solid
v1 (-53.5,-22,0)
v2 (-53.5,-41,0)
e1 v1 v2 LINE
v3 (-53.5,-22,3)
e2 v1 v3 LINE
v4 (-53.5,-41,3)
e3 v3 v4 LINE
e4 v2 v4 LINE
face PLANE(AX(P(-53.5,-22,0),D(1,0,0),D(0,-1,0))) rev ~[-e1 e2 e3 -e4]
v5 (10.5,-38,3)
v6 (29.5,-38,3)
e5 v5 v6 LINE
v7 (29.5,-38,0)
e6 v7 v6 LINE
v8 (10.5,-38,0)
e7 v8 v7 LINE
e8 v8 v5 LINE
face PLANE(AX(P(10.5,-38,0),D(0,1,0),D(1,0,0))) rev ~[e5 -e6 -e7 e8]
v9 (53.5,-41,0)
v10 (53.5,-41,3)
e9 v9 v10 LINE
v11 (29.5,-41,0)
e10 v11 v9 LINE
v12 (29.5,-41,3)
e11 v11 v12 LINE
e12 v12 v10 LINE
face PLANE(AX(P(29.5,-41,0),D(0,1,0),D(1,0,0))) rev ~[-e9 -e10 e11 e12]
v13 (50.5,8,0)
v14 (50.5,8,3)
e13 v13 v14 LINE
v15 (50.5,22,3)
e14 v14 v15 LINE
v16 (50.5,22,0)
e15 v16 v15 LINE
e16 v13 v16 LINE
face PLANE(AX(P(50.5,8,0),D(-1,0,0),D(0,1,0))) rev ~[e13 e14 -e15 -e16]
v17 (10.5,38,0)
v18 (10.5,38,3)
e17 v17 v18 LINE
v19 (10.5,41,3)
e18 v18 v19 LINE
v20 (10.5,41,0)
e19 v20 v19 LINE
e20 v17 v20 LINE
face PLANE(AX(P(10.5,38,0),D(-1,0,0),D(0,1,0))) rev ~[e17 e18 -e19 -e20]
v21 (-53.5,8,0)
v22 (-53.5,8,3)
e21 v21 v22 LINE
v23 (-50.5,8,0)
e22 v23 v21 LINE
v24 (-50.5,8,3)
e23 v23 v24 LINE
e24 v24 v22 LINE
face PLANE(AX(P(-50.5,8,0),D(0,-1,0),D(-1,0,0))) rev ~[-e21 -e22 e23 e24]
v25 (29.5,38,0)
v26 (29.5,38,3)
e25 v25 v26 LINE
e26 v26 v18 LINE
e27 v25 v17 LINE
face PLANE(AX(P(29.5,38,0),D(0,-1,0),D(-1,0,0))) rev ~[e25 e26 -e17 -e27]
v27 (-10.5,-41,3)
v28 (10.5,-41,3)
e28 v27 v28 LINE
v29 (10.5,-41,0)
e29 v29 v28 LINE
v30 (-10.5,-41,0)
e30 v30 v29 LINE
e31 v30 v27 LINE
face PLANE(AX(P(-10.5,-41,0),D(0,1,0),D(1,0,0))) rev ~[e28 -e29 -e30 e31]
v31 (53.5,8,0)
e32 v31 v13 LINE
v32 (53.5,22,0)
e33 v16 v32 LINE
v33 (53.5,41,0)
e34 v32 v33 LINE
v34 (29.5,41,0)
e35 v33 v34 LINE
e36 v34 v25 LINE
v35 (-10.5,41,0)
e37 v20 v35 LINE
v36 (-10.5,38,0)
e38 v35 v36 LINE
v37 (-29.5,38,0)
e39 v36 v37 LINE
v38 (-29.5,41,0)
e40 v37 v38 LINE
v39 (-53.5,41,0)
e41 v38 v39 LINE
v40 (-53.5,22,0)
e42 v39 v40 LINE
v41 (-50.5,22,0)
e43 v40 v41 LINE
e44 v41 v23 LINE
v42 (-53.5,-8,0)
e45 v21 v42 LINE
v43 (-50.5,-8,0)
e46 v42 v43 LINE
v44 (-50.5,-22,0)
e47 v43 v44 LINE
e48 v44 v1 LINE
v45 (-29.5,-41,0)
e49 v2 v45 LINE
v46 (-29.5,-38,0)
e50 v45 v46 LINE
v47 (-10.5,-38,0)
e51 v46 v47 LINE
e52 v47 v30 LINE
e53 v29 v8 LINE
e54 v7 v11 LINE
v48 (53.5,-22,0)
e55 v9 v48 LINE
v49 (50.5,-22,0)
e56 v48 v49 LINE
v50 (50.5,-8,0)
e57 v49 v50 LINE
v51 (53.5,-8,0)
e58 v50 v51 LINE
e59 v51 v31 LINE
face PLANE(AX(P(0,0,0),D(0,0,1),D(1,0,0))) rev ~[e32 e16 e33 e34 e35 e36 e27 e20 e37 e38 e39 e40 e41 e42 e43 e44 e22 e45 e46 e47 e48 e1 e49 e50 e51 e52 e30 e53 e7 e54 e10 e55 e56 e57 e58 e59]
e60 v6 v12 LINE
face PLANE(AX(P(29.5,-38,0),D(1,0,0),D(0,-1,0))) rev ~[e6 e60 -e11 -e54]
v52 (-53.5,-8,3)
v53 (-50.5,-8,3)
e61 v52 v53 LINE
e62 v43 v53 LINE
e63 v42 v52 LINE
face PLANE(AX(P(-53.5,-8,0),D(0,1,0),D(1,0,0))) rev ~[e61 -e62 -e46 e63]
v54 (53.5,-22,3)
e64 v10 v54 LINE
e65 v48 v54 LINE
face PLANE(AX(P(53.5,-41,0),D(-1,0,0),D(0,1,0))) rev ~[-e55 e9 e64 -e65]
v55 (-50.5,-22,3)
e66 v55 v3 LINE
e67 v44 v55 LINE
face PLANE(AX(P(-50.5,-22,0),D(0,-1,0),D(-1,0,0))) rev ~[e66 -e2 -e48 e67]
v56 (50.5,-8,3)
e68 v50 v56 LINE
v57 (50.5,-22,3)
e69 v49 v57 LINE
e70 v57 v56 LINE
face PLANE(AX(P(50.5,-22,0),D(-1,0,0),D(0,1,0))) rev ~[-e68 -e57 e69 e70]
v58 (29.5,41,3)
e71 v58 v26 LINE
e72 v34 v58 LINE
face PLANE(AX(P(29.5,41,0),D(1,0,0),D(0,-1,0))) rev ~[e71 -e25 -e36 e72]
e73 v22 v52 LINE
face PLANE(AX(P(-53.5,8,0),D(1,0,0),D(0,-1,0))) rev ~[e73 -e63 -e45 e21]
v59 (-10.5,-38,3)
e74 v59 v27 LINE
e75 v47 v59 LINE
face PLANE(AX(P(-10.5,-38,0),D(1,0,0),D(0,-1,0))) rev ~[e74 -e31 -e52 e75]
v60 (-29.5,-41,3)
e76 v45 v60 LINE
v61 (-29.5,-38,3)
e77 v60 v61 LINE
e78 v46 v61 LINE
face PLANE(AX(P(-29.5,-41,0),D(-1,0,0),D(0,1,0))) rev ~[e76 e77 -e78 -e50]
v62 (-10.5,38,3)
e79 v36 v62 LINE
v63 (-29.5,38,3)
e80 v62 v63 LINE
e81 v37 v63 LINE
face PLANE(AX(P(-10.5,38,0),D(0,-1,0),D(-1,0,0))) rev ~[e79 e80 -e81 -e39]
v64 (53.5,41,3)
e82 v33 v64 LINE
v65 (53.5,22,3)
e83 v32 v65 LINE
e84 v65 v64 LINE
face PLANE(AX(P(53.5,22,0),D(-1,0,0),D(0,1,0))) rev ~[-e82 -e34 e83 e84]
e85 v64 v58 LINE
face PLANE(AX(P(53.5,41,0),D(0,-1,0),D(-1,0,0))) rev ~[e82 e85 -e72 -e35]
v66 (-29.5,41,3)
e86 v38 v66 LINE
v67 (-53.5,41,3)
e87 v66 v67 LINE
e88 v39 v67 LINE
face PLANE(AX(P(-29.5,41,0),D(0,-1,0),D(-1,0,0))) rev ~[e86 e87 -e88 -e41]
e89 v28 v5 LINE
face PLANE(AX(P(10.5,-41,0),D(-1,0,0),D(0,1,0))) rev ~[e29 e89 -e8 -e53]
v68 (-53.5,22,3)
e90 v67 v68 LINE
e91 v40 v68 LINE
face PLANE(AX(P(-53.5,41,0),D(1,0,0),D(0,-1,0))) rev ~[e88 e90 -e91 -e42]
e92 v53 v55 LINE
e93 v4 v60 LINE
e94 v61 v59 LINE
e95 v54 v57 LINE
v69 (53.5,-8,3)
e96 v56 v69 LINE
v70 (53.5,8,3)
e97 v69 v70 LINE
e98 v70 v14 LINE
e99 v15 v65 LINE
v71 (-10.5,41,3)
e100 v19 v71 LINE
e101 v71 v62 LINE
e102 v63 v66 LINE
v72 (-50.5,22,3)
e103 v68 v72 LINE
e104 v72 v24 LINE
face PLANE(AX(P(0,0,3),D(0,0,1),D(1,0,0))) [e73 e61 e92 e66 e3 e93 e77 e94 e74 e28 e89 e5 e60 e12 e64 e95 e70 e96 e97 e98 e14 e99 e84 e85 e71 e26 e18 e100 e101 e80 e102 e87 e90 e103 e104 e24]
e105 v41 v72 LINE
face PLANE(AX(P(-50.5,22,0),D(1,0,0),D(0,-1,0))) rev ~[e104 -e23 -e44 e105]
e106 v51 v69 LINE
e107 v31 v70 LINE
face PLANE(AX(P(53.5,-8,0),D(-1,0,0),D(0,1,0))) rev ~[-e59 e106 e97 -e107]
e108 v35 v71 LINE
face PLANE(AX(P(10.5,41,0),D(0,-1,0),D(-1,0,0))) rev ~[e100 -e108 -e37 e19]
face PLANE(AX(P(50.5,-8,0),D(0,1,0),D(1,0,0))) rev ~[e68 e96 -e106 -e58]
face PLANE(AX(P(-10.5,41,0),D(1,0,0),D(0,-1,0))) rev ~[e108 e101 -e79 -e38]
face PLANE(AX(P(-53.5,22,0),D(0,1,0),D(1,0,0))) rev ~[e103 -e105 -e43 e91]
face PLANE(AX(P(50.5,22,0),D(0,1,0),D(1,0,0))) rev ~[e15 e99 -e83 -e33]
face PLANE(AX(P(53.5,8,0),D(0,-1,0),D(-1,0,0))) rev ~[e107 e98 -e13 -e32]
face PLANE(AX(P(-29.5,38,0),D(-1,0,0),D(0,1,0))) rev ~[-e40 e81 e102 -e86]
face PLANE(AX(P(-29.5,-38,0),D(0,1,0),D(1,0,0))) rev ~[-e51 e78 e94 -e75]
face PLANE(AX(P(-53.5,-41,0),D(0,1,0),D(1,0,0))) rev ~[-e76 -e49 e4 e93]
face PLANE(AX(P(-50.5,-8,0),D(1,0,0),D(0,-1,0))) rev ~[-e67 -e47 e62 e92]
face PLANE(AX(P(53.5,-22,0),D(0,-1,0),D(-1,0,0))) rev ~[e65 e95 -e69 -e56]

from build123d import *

# Parameters (mm, degrees)
F2_DEPTH = 3


with BuildPart() as f2:
    # F1 (on Top) → F2 (new body)
    with BuildSketch(Plane.XY):
        Polygon((10.5, -41), (10.5, -38), (29.5, -38), (29.5, -41), (53.5, -41), (53.5, -22), (50.5, -22), (50.5, -8), (53.5, -8), (53.5, 0), (53.5, 8), (50.5, 8), (50.5, 22), (53.5, 22), (53.5, 41), (29.5, 41), (29.5, 38), (10.5, 38), (10.5, 41), (0, 41), (-10.5, 41), (-10.5, 38), (-29.5, 38), (-29.5, 41), (-53.5, 41), (-53.5, 22), (-50.5, 22), (-50.5, 8), (-53.5, 8), (-53.5, 0), (-53.5, -8), (-50.5, -8), (-50.5, -22), (-53.5, -22), (-53.5, -41), (-29.5, -41), (-29.5, -38), (-10.5, -38), (-10.5, -41), (0, -41), align=None)
    extrude(amount=F2_DEPTH)


solid = f2.part
